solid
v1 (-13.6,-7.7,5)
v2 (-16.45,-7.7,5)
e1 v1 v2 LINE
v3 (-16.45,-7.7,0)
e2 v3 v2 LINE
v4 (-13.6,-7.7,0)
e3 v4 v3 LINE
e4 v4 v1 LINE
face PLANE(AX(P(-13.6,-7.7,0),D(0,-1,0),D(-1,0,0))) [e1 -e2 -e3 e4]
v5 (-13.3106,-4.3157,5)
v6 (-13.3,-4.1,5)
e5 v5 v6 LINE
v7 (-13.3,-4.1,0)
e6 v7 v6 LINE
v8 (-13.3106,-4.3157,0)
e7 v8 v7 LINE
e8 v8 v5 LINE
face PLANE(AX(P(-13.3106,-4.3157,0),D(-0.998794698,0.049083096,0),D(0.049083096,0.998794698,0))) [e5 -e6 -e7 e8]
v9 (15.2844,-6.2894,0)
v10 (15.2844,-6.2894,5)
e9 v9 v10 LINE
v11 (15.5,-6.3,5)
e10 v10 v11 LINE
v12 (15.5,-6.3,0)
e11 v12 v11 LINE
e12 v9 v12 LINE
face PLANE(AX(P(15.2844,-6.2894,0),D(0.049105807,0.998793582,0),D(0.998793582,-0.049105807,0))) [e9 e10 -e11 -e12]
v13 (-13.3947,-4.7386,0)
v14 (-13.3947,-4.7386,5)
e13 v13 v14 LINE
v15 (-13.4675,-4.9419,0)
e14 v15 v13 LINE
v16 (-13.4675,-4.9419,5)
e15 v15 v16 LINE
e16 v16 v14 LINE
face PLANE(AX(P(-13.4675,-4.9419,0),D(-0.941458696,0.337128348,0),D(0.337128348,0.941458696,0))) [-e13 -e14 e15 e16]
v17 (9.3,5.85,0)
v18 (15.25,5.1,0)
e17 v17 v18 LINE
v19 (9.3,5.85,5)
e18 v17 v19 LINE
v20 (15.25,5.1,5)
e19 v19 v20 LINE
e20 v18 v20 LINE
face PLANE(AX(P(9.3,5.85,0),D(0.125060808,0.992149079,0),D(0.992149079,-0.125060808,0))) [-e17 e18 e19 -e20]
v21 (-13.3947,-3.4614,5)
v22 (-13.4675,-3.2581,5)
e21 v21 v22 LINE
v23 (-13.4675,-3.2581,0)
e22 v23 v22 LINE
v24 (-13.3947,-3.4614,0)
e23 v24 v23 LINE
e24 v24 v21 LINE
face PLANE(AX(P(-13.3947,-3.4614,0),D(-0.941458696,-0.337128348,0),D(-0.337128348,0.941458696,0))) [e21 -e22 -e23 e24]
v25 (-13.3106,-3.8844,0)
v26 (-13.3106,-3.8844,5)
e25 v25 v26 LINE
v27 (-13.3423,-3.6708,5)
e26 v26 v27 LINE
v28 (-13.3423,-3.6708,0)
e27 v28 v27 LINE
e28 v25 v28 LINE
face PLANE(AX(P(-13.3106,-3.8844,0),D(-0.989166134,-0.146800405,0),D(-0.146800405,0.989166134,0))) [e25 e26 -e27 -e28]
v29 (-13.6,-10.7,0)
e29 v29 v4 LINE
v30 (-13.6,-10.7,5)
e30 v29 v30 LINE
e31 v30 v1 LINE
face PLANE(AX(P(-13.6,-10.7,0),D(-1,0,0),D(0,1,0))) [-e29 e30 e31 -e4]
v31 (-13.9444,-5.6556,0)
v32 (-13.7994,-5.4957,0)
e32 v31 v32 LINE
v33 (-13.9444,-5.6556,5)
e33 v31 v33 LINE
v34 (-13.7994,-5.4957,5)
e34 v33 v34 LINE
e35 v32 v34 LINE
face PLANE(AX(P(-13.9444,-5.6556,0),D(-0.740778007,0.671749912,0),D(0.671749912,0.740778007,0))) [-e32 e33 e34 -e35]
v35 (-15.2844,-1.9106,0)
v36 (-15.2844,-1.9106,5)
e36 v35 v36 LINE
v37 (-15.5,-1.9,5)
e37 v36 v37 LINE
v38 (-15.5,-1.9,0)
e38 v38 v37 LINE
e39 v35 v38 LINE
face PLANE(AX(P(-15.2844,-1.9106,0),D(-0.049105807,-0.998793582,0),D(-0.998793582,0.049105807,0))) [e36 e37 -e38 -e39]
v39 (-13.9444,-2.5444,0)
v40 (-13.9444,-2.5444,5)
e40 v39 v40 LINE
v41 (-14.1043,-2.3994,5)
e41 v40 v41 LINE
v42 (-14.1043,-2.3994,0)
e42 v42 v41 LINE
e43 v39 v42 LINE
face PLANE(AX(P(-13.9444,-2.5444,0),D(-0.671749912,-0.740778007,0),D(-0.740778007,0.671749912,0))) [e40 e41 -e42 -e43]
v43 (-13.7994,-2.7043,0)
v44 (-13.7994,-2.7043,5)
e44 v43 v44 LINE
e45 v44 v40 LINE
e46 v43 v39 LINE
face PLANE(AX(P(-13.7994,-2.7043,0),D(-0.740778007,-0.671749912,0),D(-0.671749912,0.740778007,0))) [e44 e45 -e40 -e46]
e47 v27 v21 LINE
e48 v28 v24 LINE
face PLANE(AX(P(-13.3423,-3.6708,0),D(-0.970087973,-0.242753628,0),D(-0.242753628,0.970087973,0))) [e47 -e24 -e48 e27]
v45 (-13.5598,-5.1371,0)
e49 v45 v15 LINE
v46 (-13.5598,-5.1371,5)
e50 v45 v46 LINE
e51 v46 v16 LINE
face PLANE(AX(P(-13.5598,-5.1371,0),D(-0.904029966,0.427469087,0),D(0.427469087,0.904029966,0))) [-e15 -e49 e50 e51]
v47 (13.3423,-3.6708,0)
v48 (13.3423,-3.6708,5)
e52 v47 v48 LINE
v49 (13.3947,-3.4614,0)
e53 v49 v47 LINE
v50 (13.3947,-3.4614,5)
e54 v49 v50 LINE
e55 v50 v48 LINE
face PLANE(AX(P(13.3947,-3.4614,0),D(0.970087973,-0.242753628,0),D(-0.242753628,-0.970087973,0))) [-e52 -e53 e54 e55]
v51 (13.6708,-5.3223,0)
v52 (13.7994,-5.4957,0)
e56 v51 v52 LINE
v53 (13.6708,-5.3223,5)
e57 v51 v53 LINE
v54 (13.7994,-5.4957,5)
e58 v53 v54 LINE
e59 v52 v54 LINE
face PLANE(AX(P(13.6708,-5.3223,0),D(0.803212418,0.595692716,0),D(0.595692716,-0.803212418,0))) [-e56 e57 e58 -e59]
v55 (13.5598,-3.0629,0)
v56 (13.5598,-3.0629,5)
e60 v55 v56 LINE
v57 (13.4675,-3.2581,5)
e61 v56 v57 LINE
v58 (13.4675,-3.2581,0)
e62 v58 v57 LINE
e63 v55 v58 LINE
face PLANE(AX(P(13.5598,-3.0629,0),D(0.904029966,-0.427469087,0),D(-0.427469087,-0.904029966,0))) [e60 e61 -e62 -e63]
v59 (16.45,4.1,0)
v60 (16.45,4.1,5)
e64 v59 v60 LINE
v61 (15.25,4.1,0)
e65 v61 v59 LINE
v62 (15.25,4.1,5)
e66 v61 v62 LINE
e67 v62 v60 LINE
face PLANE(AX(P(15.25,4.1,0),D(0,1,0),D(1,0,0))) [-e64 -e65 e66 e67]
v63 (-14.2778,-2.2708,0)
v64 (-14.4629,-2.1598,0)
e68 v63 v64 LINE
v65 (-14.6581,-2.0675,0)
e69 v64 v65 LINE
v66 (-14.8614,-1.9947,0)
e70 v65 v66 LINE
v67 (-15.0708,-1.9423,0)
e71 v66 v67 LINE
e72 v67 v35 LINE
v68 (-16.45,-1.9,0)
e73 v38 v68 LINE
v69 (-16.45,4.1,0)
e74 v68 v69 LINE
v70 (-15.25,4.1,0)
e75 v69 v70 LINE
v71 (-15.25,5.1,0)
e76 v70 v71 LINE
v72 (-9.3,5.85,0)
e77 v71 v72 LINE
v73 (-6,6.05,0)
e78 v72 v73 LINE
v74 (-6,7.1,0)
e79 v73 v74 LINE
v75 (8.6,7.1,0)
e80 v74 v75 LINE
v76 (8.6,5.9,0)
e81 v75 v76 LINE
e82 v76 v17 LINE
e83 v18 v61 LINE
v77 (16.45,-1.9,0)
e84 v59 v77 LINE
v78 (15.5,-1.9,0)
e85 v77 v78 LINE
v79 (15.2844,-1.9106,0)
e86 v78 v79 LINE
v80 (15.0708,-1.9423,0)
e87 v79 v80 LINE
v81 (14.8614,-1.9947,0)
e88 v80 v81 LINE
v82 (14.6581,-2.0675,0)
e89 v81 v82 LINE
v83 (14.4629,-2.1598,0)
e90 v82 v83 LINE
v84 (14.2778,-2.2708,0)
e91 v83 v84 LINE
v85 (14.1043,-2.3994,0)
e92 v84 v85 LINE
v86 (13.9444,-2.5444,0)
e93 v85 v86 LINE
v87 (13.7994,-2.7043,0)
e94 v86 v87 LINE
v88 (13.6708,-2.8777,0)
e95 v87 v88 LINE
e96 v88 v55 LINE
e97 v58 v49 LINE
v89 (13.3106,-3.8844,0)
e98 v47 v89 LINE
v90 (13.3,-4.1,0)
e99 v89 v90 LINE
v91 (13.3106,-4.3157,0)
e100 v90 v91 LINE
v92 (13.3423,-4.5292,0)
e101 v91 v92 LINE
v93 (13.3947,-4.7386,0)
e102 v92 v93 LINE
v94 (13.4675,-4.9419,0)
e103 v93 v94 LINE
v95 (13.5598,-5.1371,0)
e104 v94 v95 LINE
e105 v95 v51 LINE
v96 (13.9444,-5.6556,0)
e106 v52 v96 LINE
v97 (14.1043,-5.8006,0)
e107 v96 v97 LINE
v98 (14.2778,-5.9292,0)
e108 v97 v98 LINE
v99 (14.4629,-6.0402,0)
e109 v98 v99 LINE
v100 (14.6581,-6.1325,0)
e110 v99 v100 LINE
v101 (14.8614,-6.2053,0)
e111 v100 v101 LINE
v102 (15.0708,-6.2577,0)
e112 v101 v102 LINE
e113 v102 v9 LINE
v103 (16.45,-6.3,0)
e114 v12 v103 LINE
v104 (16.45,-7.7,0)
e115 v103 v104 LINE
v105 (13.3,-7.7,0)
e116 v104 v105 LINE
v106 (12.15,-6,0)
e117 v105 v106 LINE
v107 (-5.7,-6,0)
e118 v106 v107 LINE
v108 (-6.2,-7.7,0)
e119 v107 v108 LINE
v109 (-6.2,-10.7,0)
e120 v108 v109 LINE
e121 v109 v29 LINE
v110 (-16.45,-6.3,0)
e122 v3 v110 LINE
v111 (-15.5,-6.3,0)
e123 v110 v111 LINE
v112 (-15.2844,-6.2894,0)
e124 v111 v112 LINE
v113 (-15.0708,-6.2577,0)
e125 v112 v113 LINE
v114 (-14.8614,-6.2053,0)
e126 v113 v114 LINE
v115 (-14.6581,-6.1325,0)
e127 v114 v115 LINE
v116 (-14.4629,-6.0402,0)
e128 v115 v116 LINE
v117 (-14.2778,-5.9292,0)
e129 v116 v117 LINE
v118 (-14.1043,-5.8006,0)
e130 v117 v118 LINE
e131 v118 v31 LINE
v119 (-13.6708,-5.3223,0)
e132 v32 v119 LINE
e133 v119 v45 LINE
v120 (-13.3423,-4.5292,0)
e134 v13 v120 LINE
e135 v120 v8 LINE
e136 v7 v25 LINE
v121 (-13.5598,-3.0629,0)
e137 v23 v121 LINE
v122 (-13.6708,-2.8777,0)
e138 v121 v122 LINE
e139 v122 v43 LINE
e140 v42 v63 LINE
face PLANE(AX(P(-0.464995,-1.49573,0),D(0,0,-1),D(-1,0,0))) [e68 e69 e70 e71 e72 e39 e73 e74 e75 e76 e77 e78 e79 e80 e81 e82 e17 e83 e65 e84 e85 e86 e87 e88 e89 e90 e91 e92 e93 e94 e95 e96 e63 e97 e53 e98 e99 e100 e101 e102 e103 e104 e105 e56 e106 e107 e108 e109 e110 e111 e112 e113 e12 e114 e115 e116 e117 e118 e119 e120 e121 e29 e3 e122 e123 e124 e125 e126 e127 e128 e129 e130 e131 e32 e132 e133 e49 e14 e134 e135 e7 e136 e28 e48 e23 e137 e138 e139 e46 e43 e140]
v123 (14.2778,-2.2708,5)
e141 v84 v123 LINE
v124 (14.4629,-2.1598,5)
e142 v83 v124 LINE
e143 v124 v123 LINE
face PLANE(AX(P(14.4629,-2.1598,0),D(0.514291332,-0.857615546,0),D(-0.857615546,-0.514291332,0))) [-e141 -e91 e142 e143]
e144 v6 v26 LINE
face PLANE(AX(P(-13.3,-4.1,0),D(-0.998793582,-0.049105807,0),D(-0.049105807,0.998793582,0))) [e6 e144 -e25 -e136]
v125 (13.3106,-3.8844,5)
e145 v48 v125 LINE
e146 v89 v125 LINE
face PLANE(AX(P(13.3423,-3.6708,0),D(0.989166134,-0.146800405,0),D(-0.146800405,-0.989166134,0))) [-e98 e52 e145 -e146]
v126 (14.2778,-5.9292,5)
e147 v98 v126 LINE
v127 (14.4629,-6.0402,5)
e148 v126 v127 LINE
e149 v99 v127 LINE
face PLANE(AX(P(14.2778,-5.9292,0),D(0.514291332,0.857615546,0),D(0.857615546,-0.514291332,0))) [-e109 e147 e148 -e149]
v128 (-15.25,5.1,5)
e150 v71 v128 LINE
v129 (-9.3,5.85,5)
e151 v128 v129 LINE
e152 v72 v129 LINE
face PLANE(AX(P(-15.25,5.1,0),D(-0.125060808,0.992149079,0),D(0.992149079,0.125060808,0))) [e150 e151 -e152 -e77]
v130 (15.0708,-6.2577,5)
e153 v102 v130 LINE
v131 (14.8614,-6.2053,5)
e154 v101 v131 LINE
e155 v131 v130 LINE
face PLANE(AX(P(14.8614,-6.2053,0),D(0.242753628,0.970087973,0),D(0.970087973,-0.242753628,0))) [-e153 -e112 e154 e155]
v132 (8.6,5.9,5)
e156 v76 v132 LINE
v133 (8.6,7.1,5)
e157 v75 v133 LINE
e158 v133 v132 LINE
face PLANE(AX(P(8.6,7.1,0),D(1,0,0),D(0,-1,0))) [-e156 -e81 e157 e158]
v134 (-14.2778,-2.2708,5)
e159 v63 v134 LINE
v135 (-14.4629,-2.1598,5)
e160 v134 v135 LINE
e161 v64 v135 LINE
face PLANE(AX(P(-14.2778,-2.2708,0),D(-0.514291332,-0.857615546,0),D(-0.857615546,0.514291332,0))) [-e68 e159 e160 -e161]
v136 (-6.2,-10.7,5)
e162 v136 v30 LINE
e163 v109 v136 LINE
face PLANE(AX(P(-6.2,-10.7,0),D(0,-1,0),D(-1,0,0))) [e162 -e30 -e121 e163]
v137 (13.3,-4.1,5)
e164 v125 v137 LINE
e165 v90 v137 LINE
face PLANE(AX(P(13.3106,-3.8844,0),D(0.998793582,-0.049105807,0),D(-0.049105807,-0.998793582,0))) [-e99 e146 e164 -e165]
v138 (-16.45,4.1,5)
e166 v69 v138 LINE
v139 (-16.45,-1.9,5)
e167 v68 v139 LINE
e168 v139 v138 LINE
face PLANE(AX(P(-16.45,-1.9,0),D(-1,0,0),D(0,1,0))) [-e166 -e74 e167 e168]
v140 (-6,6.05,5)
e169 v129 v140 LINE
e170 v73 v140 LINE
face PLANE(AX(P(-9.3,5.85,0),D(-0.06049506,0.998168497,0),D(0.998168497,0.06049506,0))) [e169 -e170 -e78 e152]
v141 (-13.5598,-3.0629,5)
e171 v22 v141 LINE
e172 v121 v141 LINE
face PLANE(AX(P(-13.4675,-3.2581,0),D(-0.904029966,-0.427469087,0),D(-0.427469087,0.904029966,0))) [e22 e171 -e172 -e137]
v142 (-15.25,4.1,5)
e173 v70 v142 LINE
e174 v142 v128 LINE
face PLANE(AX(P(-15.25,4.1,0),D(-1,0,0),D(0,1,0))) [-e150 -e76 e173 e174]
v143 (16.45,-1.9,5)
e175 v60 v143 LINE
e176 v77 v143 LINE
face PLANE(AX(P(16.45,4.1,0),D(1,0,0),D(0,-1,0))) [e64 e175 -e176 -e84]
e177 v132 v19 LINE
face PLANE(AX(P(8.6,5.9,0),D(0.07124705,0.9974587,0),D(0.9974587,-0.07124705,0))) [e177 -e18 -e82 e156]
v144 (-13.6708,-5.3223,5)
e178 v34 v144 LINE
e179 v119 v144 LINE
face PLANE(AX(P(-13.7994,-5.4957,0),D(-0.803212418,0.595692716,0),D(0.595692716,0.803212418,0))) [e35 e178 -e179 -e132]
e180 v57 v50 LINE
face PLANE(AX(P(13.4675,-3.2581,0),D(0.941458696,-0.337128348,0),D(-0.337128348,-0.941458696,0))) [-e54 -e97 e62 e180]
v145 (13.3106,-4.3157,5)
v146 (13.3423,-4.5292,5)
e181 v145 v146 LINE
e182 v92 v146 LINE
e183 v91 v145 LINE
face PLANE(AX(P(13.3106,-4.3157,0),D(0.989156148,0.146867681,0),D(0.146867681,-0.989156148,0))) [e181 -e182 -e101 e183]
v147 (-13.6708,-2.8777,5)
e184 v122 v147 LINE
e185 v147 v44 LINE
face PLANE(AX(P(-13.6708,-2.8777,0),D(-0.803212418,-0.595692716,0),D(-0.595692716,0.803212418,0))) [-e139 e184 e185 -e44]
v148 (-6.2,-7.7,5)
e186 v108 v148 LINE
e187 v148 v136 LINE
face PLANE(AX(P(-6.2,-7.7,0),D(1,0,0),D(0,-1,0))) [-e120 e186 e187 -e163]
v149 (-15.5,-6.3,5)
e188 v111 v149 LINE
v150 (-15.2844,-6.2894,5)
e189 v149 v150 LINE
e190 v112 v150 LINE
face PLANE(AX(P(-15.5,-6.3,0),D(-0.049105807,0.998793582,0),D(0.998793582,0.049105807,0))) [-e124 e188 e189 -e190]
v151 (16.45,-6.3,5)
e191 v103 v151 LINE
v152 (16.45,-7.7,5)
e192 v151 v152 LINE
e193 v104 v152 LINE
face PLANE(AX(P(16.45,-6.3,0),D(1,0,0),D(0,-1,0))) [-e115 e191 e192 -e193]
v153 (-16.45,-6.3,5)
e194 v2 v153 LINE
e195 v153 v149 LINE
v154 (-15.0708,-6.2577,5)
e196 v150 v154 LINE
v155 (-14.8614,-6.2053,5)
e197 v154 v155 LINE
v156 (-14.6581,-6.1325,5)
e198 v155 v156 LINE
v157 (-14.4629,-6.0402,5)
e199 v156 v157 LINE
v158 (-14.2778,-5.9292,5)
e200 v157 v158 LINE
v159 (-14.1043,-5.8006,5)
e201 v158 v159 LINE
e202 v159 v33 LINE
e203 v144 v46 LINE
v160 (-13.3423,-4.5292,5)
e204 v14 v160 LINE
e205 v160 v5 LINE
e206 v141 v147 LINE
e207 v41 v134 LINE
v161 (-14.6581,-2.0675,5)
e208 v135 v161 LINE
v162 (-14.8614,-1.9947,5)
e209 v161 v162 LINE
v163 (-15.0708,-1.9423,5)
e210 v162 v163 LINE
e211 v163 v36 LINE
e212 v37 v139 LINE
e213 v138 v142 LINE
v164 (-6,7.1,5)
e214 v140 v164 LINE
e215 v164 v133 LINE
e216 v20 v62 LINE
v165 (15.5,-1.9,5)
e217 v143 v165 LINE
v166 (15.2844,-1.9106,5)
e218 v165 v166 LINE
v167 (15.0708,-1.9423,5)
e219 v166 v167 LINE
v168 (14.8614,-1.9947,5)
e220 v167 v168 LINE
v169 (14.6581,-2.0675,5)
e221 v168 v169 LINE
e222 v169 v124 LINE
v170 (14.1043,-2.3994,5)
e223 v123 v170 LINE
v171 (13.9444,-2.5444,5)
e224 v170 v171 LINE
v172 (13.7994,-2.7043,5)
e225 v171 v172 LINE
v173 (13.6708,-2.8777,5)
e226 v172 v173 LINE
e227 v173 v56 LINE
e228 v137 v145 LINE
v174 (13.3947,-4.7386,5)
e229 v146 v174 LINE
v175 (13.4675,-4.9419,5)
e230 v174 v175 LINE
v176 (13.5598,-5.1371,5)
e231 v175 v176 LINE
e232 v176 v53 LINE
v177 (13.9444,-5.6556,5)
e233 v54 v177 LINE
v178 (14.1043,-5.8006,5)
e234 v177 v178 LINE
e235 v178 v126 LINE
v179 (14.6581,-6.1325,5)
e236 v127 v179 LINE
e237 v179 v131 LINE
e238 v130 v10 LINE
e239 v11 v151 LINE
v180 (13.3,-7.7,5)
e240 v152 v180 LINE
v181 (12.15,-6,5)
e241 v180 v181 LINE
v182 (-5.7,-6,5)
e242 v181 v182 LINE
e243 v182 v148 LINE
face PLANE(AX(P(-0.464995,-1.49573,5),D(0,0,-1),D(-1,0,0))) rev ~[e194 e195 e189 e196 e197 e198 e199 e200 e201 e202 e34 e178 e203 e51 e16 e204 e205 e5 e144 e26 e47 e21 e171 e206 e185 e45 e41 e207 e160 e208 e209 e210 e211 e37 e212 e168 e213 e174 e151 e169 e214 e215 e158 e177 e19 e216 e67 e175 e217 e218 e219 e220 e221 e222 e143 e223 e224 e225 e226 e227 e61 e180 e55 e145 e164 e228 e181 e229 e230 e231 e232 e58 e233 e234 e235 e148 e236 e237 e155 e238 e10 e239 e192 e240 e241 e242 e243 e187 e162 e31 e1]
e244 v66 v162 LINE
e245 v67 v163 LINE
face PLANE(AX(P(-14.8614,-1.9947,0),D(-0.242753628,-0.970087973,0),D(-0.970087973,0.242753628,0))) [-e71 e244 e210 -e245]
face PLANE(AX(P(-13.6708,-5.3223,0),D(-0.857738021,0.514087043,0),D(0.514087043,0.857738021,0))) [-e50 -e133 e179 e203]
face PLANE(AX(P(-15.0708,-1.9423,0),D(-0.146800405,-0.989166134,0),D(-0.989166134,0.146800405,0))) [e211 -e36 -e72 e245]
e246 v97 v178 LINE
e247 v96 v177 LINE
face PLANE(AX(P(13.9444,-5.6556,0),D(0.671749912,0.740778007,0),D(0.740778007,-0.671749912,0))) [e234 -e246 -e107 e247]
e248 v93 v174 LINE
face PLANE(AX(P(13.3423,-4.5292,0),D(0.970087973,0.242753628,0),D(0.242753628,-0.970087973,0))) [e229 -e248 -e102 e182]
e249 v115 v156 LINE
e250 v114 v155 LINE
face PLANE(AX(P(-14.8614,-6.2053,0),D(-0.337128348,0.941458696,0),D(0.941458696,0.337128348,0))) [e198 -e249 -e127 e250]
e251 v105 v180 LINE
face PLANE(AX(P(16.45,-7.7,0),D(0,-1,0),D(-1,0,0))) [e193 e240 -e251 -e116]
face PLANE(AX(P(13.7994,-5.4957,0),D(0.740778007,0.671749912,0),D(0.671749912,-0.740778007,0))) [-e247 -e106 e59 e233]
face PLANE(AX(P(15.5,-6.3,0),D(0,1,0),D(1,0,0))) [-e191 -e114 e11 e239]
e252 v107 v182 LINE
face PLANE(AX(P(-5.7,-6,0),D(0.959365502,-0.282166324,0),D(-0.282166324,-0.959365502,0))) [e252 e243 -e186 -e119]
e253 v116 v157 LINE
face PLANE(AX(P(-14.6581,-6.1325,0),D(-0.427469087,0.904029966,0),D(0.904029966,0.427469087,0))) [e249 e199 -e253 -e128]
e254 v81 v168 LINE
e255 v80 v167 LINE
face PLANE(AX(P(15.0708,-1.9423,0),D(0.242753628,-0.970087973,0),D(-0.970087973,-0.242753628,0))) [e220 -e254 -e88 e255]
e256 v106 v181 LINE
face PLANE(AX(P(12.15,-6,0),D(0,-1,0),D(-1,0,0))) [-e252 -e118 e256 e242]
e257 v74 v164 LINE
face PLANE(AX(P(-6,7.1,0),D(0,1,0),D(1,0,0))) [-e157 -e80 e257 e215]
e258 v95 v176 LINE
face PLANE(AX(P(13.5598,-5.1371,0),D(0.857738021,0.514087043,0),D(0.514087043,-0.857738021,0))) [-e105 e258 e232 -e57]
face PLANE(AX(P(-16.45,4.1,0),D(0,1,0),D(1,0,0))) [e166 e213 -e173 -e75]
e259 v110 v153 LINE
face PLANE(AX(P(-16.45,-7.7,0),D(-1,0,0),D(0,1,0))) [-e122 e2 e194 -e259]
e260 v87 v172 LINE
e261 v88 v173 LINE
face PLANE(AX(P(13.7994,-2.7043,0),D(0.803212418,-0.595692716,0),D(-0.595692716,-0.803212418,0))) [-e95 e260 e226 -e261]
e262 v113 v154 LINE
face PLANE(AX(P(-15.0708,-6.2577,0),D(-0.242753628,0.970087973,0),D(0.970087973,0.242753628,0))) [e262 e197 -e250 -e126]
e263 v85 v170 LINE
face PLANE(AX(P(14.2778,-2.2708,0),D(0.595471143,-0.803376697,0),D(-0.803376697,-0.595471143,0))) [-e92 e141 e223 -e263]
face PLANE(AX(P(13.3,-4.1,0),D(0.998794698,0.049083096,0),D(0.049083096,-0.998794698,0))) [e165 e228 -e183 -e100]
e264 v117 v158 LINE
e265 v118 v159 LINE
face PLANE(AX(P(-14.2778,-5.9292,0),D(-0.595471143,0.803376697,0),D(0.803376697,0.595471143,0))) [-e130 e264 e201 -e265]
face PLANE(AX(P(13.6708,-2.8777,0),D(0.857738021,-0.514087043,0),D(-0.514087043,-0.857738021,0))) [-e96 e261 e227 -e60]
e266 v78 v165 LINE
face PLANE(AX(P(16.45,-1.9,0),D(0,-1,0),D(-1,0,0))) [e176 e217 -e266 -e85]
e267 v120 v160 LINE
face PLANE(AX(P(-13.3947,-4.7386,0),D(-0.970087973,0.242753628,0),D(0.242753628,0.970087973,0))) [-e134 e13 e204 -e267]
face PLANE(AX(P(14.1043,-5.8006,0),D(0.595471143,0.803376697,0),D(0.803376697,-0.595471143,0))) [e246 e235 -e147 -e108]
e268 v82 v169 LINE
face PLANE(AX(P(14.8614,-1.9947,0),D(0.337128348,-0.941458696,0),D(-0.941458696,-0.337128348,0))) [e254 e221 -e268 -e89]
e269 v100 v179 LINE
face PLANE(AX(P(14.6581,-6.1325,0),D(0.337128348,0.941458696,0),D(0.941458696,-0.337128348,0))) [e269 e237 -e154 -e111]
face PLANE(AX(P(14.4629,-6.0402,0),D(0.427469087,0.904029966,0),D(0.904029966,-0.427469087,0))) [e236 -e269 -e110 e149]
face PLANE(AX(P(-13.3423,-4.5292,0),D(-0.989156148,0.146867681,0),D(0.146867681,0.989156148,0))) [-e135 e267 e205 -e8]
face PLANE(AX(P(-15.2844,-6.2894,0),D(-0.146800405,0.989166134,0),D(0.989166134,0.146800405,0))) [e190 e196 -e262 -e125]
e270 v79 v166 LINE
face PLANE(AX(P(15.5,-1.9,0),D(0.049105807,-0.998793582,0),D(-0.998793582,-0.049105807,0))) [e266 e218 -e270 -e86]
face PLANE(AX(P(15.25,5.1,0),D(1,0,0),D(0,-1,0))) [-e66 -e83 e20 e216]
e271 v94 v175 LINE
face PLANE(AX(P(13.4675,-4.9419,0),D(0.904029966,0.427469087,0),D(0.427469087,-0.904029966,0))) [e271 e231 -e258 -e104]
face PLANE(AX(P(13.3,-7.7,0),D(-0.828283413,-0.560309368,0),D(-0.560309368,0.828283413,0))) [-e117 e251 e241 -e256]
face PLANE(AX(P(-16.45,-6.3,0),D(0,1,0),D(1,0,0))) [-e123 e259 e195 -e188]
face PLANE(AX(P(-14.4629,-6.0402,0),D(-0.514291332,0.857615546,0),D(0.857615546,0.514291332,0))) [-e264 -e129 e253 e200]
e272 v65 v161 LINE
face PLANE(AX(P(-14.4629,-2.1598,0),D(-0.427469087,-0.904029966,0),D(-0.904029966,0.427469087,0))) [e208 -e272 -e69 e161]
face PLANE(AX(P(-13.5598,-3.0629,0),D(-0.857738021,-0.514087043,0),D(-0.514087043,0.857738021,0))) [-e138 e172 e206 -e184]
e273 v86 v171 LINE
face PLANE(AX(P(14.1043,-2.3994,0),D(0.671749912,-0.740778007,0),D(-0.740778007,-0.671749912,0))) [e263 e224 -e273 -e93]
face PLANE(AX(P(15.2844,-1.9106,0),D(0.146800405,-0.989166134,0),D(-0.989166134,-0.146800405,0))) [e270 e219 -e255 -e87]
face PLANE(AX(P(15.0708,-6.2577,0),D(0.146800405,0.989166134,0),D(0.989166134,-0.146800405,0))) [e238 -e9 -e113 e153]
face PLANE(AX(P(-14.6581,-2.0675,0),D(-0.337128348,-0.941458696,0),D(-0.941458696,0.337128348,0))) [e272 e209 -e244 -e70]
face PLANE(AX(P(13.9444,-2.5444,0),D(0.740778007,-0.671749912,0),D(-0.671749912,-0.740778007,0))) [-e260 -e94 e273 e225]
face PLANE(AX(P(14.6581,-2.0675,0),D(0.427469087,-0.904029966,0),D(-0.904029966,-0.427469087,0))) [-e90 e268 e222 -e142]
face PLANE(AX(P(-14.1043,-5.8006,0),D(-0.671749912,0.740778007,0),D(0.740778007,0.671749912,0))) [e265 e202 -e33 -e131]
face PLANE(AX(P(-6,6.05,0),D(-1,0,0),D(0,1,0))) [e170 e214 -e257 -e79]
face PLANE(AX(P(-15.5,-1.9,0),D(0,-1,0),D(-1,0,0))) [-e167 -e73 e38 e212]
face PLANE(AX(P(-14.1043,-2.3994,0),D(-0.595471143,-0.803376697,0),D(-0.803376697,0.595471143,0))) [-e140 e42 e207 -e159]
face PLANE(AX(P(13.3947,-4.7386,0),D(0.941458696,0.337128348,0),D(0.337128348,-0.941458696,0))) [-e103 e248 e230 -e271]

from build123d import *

# Parameters (mm, degrees)
COMPONENT_OUTLINE_DEPTH = 5


with BuildPart() as part:
    # 草图1 → Component_Outline (new body)
    with BuildSketch(Plane.XY):
        Polygon((-13.6, -10.7), (-13.6, -7.7), (-16.45, -7.7), (-16.45, -6.3), (-15.5, -6.3), (-15.2844, -6.2894), (-15.0708, -6.2577), (-14.8614, -6.2053), (-14.6581, -6.1325), (-14.4629, -6.0402), (-14.2778, -5.9292), (-14.1043, -5.8006), (-13.9444, -5.6556), (-13.7994, -5.4957), (-13.6708, -5.3223), (-13.5598, -5.1371), (-13.4675, -4.9419), (-13.3947, -4.7386), (-13.3423, -4.5292), (-13.3106, -4.3157), (-13.3, -4.1), (-13.3106, -3.8844), (-13.3423, -3.6708), (-13.3947, -3.4614), (-13.4675, -3.2581), (-13.5598, -3.0629), (-13.6708, -2.8777), (-13.7994, -2.7043), (-13.9444, -2.5444), (-14.1043, -2.3994), (-14.2778, -2.2708), (-14.4629, -2.1598), (-14.6581, -2.0675), (-14.8614, -1.9947), (-15.0708, -1.9423), (-15.2844, -1.9106), (-15.5, -1.9), (-16.45, -1.9), (-16.45, 4.1), (-15.25, 4.1), (-15.25, 5.1), (-9.3, 5.85), (-6, 6.05), (-6, 7.1), (8.6, 7.1), (8.6, 5.9), (9.3, 5.85), (15.25, 5.1), (15.25, 4.1), (16.45, 4.1), (16.45, -1.9), (15.5, -1.9), (15.2844, -1.9106), (15.0708, -1.9423), (14.8614, -1.9947), (14.6581, -2.0675), (14.4629, -2.1598), (14.2778, -2.2708), (14.1043, -2.3994), (13.9444, -2.5444), (13.7994, -2.7043), (13.6708, -2.8777), (13.5598, -3.0629), (13.4675, -3.2581), (13.3947, -3.4614), (13.3423, -3.6708), (13.3106, -3.8844), (13.3, -4.1), (13.3106, -4.3157), (13.3423, -4.5292), (13.3947, -4.7386), (13.4675, -4.9419), (13.5598, -5.1371), (13.6708, -5.3223), (13.7994, -5.4957), (13.9444, -5.6556), (14.1043, -5.8006), (14.2778, -5.9292), (14.4629, -6.0402), (14.6581, -6.1325), (14.8614, -6.2053), (15.0708, -6.2577), (15.2844, -6.2894), (15.5, -6.3), (16.45, -6.3), (16.45, -7.7), (13.3, -7.7), (12.15, -6), (-5.7, -6), (-6.2, -7.7), (-6.2, -10.7), align=None)
    extrude(amount=COMPONENT_OUTLINE_DEPTH)


solid = part.part
